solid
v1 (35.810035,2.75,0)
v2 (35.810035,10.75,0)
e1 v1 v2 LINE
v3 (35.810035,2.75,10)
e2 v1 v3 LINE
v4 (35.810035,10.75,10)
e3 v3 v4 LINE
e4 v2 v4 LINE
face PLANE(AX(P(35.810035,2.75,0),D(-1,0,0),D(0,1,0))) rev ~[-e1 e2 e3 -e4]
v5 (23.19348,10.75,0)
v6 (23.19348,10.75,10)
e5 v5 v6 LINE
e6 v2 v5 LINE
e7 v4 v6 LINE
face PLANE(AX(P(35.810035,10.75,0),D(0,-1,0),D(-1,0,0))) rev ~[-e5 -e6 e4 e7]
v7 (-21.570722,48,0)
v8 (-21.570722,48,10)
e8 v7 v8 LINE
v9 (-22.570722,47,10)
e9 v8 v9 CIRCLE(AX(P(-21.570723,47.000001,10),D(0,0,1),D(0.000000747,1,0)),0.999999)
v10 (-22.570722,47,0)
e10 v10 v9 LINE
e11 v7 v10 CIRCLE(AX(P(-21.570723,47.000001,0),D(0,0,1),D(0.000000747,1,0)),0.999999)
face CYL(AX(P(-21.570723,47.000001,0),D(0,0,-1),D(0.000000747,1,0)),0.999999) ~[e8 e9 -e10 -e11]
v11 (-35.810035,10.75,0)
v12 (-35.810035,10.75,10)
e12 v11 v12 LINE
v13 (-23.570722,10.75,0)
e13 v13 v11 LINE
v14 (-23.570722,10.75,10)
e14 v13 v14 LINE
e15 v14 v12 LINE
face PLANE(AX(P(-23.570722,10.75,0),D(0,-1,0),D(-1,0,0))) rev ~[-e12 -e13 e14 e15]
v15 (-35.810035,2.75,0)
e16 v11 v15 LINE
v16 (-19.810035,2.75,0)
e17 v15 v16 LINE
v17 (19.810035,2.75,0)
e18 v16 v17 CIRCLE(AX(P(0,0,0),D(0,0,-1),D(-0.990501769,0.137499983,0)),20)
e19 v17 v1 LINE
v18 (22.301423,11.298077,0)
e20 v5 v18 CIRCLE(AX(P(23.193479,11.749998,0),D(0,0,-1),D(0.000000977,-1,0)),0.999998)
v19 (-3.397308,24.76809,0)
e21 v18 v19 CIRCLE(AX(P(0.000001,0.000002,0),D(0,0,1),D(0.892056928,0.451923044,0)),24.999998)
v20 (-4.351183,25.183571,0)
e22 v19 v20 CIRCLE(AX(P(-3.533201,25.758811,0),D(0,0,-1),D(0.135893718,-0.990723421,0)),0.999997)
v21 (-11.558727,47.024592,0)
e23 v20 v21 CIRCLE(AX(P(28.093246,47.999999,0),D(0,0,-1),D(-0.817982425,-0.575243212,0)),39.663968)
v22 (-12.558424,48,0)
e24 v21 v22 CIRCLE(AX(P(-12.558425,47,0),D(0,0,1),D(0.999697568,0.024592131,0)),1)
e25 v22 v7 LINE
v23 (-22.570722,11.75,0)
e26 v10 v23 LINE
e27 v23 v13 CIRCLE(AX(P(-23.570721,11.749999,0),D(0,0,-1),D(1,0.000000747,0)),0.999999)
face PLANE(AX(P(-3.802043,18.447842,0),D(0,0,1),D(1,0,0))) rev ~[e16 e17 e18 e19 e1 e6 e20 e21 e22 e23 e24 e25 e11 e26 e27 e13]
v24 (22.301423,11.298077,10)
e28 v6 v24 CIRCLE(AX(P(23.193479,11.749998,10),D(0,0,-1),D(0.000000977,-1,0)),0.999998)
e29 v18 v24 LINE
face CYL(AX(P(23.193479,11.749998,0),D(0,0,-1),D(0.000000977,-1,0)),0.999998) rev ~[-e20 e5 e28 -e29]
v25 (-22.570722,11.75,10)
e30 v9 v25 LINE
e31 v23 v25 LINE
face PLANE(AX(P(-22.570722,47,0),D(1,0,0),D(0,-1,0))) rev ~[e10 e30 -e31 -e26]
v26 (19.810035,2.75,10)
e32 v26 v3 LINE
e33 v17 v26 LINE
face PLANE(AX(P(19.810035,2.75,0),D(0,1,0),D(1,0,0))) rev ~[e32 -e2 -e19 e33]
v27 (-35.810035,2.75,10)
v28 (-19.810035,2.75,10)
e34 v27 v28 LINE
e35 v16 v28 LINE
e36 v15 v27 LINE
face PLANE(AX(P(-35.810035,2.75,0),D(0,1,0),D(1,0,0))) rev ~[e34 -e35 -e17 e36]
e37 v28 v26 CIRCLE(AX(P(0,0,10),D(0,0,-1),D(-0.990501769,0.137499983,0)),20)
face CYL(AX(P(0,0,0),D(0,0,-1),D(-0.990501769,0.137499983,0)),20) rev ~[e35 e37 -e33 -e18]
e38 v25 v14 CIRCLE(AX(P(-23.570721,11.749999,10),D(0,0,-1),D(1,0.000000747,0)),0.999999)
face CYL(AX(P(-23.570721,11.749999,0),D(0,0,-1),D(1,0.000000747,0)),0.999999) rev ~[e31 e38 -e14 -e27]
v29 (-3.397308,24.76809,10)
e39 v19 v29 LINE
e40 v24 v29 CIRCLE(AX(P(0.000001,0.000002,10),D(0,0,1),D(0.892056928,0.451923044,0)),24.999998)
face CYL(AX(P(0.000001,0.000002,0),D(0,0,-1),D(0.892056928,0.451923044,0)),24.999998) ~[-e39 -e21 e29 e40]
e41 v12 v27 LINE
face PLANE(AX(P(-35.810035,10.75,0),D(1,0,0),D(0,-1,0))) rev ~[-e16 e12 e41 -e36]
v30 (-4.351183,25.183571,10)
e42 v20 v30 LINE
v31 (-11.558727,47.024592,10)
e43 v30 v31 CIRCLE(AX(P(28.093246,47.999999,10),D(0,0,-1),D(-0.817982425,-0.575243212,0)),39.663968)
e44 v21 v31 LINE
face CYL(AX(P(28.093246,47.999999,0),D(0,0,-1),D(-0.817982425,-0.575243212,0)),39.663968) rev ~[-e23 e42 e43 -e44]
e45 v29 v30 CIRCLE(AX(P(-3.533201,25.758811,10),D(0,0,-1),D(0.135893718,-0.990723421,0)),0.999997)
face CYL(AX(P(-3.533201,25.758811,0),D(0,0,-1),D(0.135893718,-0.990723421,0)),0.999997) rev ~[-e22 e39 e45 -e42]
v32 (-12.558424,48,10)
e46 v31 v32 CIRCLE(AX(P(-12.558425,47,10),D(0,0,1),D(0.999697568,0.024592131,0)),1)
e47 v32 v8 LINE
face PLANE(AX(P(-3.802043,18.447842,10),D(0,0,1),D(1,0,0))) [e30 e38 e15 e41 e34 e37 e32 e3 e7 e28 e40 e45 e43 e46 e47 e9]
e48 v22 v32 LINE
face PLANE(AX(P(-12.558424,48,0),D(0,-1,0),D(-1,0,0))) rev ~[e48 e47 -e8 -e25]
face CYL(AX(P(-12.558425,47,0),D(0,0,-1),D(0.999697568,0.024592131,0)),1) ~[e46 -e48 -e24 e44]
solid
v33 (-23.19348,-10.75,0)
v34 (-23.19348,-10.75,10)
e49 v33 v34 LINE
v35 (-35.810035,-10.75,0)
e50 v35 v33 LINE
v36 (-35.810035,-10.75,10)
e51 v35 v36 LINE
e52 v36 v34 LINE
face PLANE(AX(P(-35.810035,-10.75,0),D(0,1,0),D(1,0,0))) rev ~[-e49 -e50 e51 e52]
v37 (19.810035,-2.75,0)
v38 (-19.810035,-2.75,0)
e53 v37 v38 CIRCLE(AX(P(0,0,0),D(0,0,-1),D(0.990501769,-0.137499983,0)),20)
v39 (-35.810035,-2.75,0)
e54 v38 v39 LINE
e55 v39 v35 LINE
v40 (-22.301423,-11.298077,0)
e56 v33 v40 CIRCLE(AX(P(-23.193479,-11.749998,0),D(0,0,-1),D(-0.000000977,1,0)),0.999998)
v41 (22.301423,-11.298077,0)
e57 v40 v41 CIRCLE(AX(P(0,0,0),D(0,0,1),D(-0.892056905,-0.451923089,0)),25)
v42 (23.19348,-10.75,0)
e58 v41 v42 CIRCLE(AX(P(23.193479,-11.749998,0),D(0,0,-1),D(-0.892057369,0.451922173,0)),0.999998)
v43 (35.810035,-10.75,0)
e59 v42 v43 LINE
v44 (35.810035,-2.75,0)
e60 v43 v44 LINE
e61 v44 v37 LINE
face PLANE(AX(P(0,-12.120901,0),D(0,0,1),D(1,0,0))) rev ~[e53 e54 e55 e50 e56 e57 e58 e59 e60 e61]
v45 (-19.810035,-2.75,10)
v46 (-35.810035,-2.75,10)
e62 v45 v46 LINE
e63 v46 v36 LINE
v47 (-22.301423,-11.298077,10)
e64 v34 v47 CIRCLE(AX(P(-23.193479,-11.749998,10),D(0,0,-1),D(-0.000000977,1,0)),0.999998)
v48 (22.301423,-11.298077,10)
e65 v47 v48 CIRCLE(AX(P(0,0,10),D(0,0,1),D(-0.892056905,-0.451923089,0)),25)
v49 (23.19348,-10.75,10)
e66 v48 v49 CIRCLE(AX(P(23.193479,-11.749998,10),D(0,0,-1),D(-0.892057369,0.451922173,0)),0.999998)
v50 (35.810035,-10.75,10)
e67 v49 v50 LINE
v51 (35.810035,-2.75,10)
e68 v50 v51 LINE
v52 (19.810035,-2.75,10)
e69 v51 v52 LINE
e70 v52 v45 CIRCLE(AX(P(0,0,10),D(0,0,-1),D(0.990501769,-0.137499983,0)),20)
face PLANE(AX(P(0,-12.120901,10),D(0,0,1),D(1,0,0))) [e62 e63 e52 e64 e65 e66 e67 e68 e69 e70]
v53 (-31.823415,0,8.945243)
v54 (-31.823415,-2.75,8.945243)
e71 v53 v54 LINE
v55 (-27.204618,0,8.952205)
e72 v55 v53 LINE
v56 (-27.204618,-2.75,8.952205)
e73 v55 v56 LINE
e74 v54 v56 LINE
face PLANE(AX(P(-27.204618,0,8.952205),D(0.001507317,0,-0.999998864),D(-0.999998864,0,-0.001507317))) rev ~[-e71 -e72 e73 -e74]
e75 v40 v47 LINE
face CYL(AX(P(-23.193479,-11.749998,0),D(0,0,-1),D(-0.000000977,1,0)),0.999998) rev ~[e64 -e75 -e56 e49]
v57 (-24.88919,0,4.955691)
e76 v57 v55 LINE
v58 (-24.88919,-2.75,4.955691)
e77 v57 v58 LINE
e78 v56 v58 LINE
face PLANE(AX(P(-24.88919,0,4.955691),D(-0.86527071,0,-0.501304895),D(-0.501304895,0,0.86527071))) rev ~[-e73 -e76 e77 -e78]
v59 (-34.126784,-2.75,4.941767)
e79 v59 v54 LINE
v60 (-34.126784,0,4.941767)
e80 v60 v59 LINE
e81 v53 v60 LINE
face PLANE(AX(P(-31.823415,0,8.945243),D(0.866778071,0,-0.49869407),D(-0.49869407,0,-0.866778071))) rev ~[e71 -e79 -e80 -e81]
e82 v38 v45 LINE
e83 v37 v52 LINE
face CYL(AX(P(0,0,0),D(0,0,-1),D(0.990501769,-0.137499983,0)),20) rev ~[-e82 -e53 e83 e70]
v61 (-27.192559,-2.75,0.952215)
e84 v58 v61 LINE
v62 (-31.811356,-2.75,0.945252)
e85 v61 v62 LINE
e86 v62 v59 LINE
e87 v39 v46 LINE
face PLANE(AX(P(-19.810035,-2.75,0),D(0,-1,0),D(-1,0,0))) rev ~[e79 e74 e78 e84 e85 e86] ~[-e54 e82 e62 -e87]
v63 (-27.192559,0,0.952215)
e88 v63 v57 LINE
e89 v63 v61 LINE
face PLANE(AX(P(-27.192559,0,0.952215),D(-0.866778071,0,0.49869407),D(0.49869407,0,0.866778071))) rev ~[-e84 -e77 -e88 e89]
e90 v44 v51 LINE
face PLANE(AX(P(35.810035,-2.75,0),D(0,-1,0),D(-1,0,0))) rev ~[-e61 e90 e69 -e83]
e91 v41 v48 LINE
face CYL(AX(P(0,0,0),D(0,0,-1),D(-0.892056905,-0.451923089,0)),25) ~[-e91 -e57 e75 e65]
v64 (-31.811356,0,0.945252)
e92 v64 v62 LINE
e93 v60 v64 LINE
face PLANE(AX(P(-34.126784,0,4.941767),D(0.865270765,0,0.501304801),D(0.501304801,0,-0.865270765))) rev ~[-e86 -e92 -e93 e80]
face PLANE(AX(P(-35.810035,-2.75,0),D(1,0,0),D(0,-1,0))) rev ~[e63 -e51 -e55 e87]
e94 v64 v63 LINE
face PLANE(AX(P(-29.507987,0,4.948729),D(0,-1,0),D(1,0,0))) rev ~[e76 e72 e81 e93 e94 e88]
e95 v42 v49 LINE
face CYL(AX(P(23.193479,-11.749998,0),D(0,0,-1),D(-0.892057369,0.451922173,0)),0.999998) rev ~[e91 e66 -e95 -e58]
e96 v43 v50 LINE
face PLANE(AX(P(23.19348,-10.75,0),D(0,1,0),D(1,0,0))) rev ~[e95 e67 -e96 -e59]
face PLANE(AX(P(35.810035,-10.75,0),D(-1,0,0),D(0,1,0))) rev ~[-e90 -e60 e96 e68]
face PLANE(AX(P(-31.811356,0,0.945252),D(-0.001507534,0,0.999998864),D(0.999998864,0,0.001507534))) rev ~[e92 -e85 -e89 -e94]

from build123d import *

# Parameters (mm, degrees)
F1_DEPTH = 10
F3_DEPTH = 3.5


with BuildPart() as f1:
    # F0 (on Top) → F1 (new body)
    with BuildSketch(Plane.XY):
        with BuildLine():
            ThreePointArc((-19.810035, 2.75), (0, 20), (19.810035, 2.75))
            Line((19.810035, 2.75), (24.84829, 2.75))
            Line((24.84829, 2.75), (35.810035, 2.75))
            Line((35.810035, 2.75), (35.810035, 10.75))
            Line((35.810035, 10.75), (23.19348, 10.75))
            ThreePointArc((23.19348, 10.75), (22.669993, 10.897966), (22.301423, 11.298077))
            ThreePointArc((22.301423, 11.298077), (11.606106, 22.142681), (-3.397308, 24.76809))
            ThreePointArc((-3.397308, 24.76809), (-3.932535, 24.842008), (-4.351183, 25.183571))
            ThreePointArc((-4.351183, 25.183571), (-9.572791, 35.570195), (-11.558727, 47.024592))
            ThreePointArc((-11.558727, 47.024592), (-11.860066, 47.715748), (-12.558424, 48))
            Line((-12.558424, 48), (-21.570722, 48))
            ThreePointArc((-21.570722, 48), (-22.277829, 47.707107), (-22.570722, 47))
            Line((-22.570722, 47), (-22.570722, 11.75))
            ThreePointArc((-22.570722, 11.75), (-22.863615, 11.042893), (-23.570722, 10.75))
            Line((-23.570722, 10.75), (-35.810035, 10.75))
            Line((-35.810035, 10.75), (-35.810035, 2.75))
            Line((-35.810035, 2.75), (-24.84829, 2.75))
            Line((-24.84829, 2.75), (-19.810035, 2.75))
        make_face()
        with BuildLine():
            ThreePointArc((19.810035, -2.75), (0, -20), (-19.810035, -2.75))
            Line((-19.810035, -2.75), (-24.84829, -2.75))
            Line((-24.84829, -2.75), (-35.810035, -2.75))
            Line((-35.810035, -2.75), (-35.810035, -10.75))
            Line((-35.810035, -10.75), (-23.19348, -10.75))
            ThreePointArc((-23.19348, -10.75), (-22.669993, -10.897966), (-22.301423, -11.298077))
            ThreePointArc((-22.301423, -11.298077), (0, -25), (22.301423, -11.298077))
            ThreePointArc((22.301423, -11.298077), (22.669993, -10.897966), (23.19348, -10.75))
            Line((23.19348, -10.75), (35.810035, -10.75))
            Line((35.810035, -10.75), (35.810035, -2.75))
            Line((35.810035, -2.75), (24.84829, -2.75))
            Line((24.84829, -2.75), (19.810035, -2.75))
        make_face()
    extrude(amount=F1_DEPTH)

    # F2 (on Front) → F3 (join)
    with BuildSketch(Plane.XZ):
        Polygon((-31.823415, 8.945243), (-34.126784, 4.941767), (-31.811356, 0.945252), (-27.192559, 0.952215), (-24.88919, 4.955691), (-27.204618, 8.952205), align=None)
    extrude(amount=F3_DEPTH)


solid = f1.part
